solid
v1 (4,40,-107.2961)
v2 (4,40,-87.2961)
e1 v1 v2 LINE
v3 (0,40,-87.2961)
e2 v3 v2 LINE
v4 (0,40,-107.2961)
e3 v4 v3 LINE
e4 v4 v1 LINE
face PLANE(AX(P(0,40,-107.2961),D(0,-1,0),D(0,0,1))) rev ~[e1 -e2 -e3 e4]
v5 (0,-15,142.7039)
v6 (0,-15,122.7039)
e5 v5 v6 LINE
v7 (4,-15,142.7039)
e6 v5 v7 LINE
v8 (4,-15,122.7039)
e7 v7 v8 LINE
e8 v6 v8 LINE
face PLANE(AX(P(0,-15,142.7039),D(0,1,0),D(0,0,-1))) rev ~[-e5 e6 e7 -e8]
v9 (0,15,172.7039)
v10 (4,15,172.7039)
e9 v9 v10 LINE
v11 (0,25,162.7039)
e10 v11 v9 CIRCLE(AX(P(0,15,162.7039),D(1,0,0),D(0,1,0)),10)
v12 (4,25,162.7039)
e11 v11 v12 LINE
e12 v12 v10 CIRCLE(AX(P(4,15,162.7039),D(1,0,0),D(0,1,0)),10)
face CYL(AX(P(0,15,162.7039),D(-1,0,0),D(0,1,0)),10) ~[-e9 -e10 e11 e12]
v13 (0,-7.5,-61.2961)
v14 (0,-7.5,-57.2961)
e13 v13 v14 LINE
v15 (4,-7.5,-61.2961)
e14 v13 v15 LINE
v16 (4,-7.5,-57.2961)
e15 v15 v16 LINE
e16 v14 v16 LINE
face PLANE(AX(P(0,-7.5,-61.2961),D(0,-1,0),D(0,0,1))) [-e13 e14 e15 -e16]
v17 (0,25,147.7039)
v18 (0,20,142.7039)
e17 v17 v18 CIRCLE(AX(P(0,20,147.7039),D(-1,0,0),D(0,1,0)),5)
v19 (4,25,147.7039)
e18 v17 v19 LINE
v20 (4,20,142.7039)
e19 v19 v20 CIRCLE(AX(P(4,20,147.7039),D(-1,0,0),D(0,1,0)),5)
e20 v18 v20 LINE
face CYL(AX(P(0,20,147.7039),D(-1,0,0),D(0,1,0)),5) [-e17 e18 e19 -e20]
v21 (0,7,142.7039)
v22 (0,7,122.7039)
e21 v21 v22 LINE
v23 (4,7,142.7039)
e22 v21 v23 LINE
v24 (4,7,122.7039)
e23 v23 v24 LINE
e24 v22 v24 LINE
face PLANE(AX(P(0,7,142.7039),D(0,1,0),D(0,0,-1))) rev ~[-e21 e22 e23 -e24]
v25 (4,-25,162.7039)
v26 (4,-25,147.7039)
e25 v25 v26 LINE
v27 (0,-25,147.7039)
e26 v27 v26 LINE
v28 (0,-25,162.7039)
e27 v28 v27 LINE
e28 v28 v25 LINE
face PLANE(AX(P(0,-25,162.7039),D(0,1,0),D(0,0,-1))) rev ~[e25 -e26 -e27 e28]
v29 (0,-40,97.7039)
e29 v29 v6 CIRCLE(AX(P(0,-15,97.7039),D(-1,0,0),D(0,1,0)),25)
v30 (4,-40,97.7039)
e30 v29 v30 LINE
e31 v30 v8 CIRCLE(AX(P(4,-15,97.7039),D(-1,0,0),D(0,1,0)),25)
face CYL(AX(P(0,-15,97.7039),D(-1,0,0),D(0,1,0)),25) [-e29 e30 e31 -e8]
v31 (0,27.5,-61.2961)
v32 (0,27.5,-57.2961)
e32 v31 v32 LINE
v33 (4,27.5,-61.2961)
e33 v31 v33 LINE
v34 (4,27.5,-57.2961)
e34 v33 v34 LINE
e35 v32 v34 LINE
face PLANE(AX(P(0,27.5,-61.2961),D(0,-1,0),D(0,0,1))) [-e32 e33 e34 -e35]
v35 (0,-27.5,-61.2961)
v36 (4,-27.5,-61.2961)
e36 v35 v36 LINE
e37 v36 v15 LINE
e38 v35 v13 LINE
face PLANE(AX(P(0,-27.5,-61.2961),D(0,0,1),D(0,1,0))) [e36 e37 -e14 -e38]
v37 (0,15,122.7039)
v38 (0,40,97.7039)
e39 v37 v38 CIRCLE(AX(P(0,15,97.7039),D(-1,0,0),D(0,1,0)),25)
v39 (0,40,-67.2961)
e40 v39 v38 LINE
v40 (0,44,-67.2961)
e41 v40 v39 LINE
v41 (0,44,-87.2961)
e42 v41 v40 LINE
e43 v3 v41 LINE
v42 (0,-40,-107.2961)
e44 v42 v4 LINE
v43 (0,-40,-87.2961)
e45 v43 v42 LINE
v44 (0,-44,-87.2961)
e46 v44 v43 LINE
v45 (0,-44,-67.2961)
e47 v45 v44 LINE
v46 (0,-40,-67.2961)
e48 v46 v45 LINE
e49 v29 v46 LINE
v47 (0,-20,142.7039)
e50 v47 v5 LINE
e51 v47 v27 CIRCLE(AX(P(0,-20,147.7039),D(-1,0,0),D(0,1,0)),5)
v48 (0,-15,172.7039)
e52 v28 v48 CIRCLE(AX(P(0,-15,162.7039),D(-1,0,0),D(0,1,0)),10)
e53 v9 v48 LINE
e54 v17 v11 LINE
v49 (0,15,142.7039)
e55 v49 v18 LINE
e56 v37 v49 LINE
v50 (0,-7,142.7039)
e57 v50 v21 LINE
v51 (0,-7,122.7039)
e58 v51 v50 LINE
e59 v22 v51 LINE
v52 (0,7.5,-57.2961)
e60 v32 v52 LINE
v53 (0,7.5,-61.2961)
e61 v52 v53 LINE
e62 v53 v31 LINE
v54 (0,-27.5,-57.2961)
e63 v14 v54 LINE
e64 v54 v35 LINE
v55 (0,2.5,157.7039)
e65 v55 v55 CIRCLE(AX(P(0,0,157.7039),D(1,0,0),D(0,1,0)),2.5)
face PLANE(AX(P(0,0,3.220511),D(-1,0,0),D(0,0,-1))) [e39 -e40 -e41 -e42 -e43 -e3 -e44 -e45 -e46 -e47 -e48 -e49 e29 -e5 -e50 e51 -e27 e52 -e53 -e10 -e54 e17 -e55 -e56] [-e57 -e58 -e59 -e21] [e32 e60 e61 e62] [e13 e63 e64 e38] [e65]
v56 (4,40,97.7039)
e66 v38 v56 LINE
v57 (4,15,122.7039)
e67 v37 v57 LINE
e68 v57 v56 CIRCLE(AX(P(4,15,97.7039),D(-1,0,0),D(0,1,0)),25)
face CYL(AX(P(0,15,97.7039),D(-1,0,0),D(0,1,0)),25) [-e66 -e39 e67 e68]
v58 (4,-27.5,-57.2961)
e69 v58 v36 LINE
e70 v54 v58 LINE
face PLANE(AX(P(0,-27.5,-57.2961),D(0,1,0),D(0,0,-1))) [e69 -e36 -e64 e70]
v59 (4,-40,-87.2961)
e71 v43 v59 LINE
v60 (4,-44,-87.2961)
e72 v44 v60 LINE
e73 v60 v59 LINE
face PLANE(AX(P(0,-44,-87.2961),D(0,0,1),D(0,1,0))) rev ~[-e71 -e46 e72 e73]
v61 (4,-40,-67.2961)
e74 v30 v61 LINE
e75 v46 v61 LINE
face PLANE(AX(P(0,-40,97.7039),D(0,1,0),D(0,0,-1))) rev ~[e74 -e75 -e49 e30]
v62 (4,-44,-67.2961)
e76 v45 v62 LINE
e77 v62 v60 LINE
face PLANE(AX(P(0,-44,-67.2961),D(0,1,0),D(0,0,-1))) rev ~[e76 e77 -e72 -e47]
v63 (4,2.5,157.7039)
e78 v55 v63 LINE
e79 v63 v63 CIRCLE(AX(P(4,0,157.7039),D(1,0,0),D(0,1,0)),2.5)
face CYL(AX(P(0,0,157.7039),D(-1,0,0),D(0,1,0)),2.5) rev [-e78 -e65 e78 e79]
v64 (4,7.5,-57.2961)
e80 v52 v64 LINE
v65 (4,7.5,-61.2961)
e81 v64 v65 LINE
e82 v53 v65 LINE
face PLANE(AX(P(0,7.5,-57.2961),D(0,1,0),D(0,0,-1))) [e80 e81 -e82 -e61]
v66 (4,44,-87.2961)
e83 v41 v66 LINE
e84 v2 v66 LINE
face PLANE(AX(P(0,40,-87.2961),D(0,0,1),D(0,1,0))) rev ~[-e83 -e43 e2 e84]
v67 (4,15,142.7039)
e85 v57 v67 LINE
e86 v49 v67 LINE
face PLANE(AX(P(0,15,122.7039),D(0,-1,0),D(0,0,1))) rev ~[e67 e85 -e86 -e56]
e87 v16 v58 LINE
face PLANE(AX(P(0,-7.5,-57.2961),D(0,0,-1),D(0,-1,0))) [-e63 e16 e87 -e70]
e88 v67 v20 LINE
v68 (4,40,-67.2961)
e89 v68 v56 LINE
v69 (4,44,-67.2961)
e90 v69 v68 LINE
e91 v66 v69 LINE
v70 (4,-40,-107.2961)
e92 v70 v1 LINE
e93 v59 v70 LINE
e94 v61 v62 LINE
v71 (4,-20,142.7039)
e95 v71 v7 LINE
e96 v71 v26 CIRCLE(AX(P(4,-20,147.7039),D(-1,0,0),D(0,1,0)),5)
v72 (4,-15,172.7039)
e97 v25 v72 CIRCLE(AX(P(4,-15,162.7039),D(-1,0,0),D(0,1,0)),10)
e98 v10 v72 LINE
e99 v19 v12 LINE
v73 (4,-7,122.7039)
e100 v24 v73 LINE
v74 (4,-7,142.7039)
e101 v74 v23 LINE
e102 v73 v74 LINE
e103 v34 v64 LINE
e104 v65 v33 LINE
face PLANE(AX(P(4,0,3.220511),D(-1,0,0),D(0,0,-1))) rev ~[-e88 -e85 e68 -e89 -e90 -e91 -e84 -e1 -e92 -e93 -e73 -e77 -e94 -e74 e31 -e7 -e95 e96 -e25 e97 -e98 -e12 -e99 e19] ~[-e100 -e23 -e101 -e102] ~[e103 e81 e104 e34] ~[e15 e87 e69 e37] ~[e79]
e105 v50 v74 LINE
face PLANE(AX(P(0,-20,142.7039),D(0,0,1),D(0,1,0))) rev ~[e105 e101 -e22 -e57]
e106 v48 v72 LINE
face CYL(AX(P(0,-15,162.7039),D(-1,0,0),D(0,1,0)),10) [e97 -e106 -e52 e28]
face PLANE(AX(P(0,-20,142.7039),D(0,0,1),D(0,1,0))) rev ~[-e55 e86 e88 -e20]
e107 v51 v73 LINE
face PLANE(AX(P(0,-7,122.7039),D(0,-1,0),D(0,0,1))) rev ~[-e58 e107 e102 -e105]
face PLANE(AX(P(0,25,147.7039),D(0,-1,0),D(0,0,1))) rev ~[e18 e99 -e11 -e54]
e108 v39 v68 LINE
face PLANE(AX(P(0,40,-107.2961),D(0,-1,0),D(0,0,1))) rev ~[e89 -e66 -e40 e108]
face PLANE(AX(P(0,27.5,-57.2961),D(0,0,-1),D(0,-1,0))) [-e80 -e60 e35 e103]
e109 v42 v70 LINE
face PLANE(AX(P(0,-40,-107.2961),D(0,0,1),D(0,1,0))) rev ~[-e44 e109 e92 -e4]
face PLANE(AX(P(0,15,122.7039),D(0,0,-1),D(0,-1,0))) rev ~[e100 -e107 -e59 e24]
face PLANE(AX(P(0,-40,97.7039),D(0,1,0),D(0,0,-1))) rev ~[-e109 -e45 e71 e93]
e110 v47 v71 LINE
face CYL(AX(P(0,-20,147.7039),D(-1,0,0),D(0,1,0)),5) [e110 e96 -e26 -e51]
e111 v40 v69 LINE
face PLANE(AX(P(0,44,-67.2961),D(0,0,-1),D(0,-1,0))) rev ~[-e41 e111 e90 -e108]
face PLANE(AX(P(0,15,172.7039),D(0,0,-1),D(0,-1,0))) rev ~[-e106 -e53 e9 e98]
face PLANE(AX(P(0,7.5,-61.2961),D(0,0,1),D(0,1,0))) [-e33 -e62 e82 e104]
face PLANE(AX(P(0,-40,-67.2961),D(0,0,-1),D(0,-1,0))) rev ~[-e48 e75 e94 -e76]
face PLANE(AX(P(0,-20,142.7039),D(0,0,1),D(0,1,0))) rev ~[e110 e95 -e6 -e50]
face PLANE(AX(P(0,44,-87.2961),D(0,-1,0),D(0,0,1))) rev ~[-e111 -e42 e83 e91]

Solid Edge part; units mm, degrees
sketch "Sketch1" plane through (0, 0, 0) normal (1, 0, 0) x (0, 1, 0)
  arc A0 (-40, 97.7039) -> (-15, 122.7039) centre (-15, 97.7039) cw
  line L0 (15, 122.7039) -> (-15, 122.7039)
  arc A1 (15, 122.7039) -> (40, 97.7039) centre (15, 97.7039) cw
  line L1 (40, -107.2961) -> (40, 97.7039)
  line L2 (-40, -107.2961) -> (40, -107.2961)
  line L3 (-40, 97.7039) -> (-40, -107.2961)
  line L4 (-15, 142.7039) -> (-15, 122.7039)
  line L5 (-15, 122.7039) -> (-7, 122.7039)
  line L6 (-7, 122.7039) -> (-7, 142.7039)
  line L7 (-7, 142.7039) -> (-15, 142.7039)
  line L8 (15, 122.7039) -> (15, 142.7039)
  line L9 (15, 142.7039) -> (7, 142.7039)
  line L10 (7, 142.7039) -> (7, 122.7039)
  line L11 (7, 122.7039) -> (15, 122.7039)
  arc A2 (25, 147.7039) -> (20, 142.7039) centre (20, 147.7039) cw
  line L12 (-20, 142.7039) -> (20, 142.7039)
  arc A3 (-20, 142.7039) -> (-25, 147.7039) centre (-20, 147.7039) cw
  line L13 (-25, 162.7039) -> (-25, 147.7039)
  arc A4 (-25, 162.7039) -> (-15, 172.7039) centre (-15, 162.7039) cw
  line L14 (15, 172.7039) -> (-15, 172.7039)
  arc A5 (25, 162.7039) -> (15, 172.7039) centre (15, 162.7039) ccw
  line L15 (25, 147.7039) -> (25, 162.7039)
  line L16 (-7.5, -57.2961) -> (-27.5, -57.2961)
  line L17 (-27.5, -57.2961) -> (-27.5, -61.2961)
  line L18 (-27.5, -61.2961) -> (-7.5, -61.2961)
  line L19 (-7.5, -61.2961) -> (-7.5, -57.2961)
  line L20 (7.5, -61.2961) -> (27.5, -61.2961)
  line L21 (27.5, -61.2961) -> (27.5, -57.2961)
  line L22 (27.5, -57.2961) -> (7.5, -57.2961)
  line L23 (7.5, -57.2961) -> (7.5, -61.2961)
  line L24 (-44, -67.2961) -> (-44, -87.2961)
  line L25 (-44, -87.2961) -> (-40, -87.2961)
  line L26 (-40, -87.2961) -> (-40, -67.2961)
  line L27 (-40, -67.2961) -> (-44, -67.2961)
  line L28 (40, -67.2961) -> (40, -87.2961)
  line L29 (40, -87.2961) -> (44, -87.2961)
  line L30 (44, -87.2961) -> (44, -67.2961)
  line L31 (44, -67.2961) -> (40, -67.2961)
  circle A6 centre (0, 157.7039) radius 2.5
  dimension "D1" = 80
  dimension "D2" = 8
  dimension "D3" = 20
  dimension "D4" = 20
  dimension "D5" = 8
  dimension "D6" = 30
  dimension "D7" = 15
  dimension "D8" = 25
  dimension "D9" = 25
  dimension "D10" = 10
  dimension "D11" = 15
  dimension "D12" = 20
  dimension "D13" = 4
  dimension "D14" = 4
  dimension "D15" = 20
  dimension "D16" = 20
  dimension "D17" = 20
  dimension "D18" = 20
  dimension "D19" = 20
  dimension "D20" = 4
  dimension "D21" = 4
  dimension "D22" = 12.5
  dimension "D23" = 12.5
  dimension "D24" = 15
  dimension "D25" = 6
  dimension "D26" = 6
  dimension "D27" = 230
  dimension "D28" = 30
  dimension "D29" = 20
  dimension "D30" = 15
  dimension "D31" = 5
  dimension "D32" = 15
extrude "Protrusion1" add sketch "Sketch1" along normal blind 4
